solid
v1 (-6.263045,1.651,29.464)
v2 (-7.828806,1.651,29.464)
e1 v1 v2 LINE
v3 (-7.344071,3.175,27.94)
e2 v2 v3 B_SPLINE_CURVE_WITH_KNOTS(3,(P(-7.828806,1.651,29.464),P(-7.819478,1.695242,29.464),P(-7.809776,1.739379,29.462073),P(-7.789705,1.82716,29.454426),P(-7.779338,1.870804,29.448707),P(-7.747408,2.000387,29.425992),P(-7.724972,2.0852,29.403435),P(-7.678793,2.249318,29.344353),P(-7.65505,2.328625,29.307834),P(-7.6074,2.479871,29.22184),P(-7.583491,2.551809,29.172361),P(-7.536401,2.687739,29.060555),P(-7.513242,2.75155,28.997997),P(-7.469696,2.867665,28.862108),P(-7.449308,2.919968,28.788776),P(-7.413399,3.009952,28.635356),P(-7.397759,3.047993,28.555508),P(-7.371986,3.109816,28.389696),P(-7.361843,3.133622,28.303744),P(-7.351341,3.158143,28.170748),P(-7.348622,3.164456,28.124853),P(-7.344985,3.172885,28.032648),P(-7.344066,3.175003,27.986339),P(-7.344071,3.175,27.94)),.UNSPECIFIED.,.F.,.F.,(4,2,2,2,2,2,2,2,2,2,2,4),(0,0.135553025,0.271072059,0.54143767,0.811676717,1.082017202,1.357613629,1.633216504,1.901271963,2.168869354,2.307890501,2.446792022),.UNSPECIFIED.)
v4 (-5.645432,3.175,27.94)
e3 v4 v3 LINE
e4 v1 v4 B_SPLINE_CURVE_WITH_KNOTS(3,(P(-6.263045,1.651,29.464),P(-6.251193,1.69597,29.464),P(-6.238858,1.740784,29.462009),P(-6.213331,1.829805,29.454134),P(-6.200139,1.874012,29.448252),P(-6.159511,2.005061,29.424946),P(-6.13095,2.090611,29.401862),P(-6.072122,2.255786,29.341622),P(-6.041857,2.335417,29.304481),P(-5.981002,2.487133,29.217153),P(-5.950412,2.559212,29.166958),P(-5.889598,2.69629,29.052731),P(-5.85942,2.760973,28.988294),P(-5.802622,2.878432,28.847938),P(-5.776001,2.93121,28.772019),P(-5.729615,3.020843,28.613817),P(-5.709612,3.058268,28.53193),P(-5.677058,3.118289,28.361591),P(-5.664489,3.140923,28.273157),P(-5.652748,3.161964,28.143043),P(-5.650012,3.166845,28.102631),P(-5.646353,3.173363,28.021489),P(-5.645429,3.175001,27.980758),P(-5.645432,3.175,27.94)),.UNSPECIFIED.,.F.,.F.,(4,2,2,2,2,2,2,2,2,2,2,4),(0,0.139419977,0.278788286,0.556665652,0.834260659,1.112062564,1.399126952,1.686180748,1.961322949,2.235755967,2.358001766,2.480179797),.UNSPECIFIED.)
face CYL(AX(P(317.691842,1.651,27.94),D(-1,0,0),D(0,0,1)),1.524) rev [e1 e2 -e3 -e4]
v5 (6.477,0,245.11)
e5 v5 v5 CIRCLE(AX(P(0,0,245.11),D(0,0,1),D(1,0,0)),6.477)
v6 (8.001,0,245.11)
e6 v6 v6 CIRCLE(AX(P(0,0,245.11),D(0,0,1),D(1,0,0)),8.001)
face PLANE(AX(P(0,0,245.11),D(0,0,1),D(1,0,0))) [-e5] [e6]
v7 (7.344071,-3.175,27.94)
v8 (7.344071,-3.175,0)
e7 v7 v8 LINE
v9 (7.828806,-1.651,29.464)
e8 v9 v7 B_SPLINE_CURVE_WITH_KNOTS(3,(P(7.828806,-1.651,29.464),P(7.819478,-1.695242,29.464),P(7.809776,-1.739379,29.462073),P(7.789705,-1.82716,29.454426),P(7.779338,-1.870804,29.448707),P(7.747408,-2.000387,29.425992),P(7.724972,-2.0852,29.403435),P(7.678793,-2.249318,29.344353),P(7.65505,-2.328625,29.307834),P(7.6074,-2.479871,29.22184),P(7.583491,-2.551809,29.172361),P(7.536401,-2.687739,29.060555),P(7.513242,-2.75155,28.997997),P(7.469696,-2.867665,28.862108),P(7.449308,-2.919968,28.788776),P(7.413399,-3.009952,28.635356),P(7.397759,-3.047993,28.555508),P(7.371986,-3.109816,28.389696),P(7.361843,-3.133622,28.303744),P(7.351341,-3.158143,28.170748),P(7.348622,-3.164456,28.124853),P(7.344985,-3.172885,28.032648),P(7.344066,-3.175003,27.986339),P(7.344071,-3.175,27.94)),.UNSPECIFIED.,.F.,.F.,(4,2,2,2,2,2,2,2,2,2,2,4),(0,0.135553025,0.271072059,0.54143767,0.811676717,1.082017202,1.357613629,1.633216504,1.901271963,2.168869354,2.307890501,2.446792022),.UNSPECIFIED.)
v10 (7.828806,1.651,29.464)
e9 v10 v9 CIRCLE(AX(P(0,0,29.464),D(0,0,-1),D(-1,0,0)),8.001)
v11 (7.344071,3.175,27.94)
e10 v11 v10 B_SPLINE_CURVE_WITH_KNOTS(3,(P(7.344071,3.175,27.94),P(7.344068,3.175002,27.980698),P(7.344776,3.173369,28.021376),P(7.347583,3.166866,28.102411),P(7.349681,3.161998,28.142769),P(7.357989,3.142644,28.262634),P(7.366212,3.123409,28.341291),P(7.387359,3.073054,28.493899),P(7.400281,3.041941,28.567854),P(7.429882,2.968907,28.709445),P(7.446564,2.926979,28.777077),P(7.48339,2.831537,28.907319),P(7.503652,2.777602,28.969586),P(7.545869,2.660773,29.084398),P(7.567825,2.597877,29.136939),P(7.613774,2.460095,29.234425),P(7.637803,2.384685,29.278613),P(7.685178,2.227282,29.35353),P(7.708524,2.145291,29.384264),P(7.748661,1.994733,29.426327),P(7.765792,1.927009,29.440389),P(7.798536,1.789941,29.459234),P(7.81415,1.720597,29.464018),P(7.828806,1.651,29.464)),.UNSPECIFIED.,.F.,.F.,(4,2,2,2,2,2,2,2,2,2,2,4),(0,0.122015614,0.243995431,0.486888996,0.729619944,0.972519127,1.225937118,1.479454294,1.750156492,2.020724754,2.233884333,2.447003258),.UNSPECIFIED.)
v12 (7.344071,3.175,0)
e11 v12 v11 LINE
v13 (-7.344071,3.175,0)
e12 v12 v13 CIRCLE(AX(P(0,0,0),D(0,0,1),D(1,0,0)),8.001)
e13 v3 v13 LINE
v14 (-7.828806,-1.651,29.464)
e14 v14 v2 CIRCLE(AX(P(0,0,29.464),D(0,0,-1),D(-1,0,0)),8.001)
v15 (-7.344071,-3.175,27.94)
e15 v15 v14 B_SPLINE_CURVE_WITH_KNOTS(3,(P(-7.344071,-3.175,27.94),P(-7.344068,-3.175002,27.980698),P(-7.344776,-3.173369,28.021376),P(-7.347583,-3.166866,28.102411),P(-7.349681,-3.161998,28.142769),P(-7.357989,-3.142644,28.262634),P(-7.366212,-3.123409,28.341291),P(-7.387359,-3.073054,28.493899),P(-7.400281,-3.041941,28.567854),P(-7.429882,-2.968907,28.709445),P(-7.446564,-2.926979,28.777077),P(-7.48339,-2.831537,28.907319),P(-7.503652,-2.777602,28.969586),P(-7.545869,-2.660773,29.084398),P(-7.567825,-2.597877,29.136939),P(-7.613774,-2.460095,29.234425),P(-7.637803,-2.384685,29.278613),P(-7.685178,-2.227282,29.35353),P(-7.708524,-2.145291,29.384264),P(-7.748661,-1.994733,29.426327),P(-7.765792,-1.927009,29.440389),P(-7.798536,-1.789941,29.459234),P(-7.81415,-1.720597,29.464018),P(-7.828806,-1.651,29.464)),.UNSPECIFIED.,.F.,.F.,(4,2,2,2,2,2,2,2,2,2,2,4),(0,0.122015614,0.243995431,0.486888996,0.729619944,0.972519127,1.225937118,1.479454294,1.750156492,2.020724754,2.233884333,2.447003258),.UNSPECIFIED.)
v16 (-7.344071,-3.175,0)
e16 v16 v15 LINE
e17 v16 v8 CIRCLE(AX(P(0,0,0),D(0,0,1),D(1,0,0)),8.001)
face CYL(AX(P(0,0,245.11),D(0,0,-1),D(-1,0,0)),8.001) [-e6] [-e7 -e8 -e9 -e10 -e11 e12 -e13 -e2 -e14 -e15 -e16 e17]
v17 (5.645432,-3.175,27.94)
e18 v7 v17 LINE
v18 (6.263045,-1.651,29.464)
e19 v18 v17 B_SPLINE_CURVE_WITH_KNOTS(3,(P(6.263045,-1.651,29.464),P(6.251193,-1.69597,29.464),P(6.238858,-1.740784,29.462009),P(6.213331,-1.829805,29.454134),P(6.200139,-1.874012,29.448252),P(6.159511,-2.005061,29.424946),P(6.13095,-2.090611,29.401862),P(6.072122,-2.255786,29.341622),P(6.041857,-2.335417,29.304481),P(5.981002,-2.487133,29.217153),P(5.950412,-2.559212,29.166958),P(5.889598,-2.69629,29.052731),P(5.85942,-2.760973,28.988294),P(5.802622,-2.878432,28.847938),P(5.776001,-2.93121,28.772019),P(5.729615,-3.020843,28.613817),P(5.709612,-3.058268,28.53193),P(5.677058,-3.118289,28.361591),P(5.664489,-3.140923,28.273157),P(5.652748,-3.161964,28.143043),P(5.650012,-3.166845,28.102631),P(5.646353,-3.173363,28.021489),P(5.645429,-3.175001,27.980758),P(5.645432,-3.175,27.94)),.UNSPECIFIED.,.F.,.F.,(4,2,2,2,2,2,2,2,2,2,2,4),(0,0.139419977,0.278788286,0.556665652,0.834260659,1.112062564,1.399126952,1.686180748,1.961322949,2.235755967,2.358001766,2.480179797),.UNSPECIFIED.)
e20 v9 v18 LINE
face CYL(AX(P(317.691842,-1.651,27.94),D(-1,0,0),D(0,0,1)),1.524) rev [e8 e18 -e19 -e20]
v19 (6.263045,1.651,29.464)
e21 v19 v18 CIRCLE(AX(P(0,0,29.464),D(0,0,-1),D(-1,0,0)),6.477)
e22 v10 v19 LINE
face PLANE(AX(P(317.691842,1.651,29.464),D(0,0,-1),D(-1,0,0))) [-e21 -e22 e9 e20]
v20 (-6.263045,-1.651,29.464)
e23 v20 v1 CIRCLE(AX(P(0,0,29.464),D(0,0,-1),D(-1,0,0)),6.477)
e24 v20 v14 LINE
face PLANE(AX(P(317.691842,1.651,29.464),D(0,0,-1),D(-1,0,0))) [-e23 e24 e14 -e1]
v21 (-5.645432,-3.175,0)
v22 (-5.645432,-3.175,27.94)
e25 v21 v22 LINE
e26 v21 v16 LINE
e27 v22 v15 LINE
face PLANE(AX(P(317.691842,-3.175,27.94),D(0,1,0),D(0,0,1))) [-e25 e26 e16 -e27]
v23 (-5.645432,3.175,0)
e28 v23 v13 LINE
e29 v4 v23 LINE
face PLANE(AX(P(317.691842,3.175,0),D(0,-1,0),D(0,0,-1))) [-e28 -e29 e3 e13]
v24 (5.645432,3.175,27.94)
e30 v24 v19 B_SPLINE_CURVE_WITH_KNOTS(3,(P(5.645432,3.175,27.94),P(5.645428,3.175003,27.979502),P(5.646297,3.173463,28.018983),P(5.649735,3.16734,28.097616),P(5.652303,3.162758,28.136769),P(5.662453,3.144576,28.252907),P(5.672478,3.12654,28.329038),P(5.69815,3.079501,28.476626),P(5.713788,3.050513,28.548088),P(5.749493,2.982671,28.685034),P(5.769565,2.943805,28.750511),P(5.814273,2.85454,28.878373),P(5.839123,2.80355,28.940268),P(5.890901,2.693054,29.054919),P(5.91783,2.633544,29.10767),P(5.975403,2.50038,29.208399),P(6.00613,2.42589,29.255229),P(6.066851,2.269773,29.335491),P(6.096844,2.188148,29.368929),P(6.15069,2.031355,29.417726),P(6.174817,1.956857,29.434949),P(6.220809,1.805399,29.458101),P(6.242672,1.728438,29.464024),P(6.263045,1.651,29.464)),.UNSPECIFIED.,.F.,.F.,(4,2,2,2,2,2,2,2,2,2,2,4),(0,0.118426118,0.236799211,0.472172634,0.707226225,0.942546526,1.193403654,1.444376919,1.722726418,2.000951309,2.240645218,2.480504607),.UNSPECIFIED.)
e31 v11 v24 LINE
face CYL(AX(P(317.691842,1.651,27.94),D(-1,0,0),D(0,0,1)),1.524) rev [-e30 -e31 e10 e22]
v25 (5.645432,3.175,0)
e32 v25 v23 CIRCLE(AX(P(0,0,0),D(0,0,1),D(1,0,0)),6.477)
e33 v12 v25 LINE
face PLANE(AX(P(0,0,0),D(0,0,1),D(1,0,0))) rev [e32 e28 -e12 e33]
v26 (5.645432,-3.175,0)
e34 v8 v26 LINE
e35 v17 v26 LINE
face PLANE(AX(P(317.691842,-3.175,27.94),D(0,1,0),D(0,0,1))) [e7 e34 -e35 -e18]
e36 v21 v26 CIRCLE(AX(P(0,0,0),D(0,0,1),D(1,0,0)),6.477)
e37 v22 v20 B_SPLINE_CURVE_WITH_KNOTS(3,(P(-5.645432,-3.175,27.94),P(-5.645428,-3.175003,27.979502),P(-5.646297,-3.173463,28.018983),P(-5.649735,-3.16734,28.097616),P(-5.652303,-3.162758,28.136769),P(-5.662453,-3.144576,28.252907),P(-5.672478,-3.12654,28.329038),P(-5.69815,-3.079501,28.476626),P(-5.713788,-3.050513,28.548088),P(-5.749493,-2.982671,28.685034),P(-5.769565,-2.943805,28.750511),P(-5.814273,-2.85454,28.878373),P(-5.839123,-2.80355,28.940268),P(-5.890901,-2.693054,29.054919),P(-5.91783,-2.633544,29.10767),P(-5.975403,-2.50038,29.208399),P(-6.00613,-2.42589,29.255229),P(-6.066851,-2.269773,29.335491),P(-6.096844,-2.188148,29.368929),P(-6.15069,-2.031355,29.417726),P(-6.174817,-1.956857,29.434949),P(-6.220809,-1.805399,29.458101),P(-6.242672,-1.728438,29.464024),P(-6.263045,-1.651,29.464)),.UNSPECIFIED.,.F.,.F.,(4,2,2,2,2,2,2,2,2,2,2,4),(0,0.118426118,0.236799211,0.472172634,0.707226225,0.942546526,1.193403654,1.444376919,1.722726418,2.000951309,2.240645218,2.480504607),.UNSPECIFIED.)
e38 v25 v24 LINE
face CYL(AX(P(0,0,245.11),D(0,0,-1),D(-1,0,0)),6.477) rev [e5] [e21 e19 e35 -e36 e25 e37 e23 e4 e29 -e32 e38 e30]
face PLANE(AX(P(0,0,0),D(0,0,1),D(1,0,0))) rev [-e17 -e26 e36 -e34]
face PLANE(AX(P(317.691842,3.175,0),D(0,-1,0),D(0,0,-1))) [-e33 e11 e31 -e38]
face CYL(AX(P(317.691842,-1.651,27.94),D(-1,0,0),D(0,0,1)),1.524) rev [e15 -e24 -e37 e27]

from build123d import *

# Parameters (mm, degrees)
SKETCH1_R               = 8.001
SKETCH1_R_2             = 6.477
BOSS_EXTRUDE1_DEPTH     = 245.11
CUT_EXTRUDE1_DEPTH      = 9.001
CUT_EXTRUDE1_DEPTH_BACK = 9.001


with BuildPart() as part:
    # Sketch1 → Boss-Extrude1 (new body)
    with BuildSketch(Plane.XY):
        Circle(SKETCH1_R)
        Circle(SKETCH1_R_2, mode=Mode.SUBTRACT)
    extrude(amount=BOSS_EXTRUDE1_DEPTH)

    # Sketch2 → Cut-Extrude1 (cut, two sides)
    with BuildSketch(Plane(origin=(0, 0, 0), x_dir=(0, 0, -1), z_dir=(1, 0, 0))) as cut_extrude1_sk:
        with BuildLine():
            Line((500.729314698, 3.175), (0, 3.175))
            Line((0, 3.175), (-27.94, 3.175))
            ThreePointArc((-27.94, 3.175), (-29.017630735, 2.728630735), (-29.464, 1.651))
            Line((-29.464, 1.651), (-29.464, -1.651))
            ThreePointArc((-29.464, -1.651), (-29.017630735, -2.728630735), (-27.94, -3.175))
            Line((-27.94, -3.175), (0, -3.175))
            Line((0, -3.175), (500.729314698, -3.175))
            Line((500.729314698, -3.175), (1502.187944094, -3.175))
            Line((1502.187944094, -3.175), (1502.187944094, 3.175))
            Line((1502.187944094, 3.175), (500.729314698, 3.175))
        make_face()
    extrude(amount=CUT_EXTRUDE1_DEPTH, mode=Mode.SUBTRACT)
    extrude(cut_extrude1_sk.sketch, amount=-CUT_EXTRUDE1_DEPTH_BACK, mode=Mode.SUBTRACT)


solid = part.part
